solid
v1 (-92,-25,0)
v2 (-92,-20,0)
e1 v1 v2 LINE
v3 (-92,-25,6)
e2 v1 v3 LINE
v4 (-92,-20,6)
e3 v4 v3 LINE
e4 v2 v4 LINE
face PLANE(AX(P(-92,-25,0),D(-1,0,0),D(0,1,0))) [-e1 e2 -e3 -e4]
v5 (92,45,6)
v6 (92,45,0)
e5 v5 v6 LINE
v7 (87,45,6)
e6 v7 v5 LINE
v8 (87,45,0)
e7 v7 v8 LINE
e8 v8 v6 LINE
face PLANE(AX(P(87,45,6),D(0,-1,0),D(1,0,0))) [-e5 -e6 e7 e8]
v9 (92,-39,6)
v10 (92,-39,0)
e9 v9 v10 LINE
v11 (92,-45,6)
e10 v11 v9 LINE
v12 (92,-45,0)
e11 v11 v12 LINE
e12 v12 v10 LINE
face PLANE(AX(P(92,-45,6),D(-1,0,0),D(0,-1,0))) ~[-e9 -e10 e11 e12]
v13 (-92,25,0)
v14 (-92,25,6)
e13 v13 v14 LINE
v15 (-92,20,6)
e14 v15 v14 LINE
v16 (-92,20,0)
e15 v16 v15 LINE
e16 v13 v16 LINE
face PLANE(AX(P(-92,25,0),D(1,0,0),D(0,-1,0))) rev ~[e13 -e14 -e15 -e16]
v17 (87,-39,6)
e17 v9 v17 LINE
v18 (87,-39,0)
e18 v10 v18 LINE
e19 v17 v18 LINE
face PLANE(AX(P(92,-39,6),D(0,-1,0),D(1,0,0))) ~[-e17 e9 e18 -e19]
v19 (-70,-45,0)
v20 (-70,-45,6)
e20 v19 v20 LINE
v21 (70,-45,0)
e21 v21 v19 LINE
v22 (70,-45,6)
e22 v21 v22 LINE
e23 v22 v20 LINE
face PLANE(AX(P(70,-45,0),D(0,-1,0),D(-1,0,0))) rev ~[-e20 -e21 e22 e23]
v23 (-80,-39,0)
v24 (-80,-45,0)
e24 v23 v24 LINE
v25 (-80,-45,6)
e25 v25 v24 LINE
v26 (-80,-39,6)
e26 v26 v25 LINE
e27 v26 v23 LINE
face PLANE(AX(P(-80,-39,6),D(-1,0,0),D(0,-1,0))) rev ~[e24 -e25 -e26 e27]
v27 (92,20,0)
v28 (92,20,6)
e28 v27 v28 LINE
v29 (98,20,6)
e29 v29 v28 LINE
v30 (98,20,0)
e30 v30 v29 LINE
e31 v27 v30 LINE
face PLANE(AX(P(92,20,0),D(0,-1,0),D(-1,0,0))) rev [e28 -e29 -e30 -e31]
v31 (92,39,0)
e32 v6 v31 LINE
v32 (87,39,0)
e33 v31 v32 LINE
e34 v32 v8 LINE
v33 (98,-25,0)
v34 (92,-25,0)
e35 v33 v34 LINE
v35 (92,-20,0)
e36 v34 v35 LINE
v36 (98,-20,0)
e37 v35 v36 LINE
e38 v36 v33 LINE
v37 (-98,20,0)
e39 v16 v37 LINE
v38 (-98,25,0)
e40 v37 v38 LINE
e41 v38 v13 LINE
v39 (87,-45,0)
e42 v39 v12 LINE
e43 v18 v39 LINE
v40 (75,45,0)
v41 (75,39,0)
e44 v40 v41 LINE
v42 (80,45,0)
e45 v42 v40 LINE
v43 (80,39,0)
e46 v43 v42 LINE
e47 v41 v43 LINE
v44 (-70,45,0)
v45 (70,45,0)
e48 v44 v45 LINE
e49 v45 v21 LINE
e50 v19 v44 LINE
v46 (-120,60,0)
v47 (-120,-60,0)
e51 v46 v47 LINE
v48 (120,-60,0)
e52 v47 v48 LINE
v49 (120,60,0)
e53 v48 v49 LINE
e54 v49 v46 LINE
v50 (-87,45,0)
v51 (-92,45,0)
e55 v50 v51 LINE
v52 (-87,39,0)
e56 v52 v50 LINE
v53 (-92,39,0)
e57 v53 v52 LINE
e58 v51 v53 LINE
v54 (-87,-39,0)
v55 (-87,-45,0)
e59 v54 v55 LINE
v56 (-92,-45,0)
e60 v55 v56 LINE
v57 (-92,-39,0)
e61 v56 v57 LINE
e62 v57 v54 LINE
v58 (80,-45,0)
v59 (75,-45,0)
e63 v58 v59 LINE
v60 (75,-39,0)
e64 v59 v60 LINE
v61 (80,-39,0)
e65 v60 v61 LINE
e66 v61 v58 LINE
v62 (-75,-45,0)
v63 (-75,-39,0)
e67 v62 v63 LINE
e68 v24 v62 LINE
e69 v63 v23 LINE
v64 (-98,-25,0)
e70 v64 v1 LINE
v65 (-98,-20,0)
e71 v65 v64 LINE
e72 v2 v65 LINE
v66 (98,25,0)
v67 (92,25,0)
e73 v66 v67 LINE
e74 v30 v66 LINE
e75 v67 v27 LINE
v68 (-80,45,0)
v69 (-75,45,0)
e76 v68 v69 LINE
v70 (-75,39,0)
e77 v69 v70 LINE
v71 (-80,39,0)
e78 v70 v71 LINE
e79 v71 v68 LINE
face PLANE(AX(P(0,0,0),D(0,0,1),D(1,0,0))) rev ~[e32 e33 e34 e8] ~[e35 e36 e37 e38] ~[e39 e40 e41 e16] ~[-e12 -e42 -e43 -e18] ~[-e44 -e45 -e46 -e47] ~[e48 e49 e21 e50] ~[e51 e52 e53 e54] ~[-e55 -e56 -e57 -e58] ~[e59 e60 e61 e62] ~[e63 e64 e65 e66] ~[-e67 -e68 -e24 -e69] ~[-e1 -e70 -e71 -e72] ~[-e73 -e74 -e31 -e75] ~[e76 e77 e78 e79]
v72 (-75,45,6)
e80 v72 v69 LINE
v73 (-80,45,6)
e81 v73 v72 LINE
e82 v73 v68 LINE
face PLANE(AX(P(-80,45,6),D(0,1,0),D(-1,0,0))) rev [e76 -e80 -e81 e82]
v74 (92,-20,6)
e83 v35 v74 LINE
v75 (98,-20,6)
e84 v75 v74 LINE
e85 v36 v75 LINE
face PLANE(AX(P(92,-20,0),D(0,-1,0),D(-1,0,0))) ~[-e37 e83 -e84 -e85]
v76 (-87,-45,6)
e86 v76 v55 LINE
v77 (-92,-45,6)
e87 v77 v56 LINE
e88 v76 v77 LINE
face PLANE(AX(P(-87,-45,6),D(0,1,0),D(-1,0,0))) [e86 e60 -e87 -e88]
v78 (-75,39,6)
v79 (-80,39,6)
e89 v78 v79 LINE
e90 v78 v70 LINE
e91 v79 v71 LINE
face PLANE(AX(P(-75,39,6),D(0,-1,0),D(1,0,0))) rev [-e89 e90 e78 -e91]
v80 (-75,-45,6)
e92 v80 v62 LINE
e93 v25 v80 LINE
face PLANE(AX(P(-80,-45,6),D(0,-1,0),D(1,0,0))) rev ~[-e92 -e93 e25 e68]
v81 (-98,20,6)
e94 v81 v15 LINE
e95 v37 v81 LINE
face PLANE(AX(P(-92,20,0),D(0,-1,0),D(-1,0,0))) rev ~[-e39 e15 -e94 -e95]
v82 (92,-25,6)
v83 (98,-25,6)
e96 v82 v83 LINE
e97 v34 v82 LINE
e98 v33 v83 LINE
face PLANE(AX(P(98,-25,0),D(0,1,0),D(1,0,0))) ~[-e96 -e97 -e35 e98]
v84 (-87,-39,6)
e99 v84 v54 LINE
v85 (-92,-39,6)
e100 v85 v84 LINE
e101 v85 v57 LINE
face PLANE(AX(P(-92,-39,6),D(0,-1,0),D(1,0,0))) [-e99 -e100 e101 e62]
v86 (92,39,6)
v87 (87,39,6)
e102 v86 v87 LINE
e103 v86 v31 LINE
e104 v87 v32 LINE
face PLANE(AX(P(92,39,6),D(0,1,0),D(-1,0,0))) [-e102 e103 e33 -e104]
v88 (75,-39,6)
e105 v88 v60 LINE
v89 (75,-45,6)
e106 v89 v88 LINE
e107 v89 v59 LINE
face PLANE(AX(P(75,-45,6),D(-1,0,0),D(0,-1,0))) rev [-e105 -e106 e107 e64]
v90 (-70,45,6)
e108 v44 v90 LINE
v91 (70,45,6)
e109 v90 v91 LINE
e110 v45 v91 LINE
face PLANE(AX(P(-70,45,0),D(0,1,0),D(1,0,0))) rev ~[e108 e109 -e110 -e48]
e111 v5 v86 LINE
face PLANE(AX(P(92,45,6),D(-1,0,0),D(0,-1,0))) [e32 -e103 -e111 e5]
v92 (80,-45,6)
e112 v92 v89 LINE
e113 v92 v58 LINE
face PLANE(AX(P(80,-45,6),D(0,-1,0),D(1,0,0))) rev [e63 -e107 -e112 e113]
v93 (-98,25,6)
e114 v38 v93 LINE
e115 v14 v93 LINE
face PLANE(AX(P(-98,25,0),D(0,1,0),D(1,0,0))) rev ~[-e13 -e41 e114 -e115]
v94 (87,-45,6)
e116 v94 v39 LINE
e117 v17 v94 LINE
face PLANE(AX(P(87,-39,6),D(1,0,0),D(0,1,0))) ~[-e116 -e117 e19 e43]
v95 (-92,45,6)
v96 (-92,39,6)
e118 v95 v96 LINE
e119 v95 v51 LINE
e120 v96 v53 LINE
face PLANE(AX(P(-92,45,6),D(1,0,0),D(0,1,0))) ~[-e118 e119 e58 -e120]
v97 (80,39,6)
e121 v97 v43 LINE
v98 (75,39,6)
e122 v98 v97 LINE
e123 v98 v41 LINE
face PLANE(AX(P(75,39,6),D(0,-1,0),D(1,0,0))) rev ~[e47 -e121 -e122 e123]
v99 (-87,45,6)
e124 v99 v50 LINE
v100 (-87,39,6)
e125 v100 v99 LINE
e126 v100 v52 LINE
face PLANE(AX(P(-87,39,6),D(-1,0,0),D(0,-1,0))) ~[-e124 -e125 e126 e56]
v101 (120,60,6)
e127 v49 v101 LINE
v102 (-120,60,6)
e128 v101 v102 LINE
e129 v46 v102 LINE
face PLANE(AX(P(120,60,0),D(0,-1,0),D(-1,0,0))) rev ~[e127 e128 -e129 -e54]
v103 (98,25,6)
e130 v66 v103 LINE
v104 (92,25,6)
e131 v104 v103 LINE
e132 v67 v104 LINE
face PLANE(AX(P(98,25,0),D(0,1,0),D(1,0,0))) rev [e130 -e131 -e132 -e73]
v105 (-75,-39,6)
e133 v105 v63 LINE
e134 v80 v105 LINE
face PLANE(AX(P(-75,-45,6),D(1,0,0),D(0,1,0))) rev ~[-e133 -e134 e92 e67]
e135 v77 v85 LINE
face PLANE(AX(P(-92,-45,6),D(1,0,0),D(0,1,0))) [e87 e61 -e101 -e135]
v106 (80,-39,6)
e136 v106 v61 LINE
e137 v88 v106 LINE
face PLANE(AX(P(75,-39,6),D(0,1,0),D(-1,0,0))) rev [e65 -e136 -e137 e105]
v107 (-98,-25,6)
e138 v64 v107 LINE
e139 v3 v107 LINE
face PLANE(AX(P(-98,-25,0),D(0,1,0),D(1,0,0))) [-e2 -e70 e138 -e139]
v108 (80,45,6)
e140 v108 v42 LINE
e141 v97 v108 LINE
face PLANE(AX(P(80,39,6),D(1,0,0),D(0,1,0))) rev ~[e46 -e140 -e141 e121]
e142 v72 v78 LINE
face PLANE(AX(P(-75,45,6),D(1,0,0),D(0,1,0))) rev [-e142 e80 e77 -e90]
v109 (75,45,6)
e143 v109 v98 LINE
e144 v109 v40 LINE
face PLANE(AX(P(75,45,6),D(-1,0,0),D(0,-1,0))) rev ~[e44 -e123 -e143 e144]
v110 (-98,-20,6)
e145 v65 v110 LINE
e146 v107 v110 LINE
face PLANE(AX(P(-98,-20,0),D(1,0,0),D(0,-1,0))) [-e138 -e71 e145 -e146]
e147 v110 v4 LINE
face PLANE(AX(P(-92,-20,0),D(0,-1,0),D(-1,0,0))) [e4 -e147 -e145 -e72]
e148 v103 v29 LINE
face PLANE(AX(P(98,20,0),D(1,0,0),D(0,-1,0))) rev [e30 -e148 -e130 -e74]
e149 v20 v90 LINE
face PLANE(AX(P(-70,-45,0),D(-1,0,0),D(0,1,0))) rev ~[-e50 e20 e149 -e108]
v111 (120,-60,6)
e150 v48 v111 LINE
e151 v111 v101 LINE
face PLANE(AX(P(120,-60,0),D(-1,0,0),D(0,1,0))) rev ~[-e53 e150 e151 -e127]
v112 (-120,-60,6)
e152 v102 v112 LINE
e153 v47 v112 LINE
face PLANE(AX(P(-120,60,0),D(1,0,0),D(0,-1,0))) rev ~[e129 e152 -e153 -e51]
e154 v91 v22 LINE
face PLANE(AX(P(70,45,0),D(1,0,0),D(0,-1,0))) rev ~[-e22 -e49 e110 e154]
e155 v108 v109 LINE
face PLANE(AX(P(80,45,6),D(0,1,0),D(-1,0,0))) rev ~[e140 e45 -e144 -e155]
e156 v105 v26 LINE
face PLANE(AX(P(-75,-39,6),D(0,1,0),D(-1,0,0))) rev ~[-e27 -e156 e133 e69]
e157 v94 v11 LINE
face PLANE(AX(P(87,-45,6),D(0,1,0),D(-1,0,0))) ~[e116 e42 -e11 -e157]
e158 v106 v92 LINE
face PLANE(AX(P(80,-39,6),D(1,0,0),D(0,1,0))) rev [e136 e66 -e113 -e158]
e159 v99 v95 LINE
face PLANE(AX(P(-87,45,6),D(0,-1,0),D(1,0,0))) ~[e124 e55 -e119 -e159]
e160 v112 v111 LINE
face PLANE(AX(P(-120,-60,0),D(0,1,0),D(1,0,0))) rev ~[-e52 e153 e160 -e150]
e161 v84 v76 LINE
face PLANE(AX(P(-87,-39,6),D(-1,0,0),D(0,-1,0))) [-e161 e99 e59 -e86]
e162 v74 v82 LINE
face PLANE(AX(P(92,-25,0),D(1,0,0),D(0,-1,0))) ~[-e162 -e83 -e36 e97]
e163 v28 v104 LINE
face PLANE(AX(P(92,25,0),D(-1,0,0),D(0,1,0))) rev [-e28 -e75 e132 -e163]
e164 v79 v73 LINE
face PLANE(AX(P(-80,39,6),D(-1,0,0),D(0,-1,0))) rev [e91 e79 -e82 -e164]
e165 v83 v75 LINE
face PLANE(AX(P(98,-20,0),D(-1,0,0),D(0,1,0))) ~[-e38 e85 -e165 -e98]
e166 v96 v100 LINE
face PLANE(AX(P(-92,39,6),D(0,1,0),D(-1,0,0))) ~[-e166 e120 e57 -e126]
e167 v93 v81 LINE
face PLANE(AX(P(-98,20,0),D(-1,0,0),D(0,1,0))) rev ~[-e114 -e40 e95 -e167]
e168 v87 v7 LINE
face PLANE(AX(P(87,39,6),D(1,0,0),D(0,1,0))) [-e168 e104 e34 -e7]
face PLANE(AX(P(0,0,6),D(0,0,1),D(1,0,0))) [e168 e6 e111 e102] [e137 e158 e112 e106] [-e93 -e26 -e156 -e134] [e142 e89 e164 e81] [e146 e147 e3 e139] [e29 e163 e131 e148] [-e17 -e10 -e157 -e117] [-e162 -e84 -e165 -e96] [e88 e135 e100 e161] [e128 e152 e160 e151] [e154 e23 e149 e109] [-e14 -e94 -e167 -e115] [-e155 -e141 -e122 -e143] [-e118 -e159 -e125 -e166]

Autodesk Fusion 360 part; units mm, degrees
sketch "Sketch1" plane through (0, 0, 0) normal (0, 0, 1) x (1, 0, 0) in component "Base"
  line L0 (120, 60) -> (-120, 60)
  line L1 (-120, 60) -> (-120, -60)
  line L2 (-120, -60) -> (120, -60)
  line L3 (120, -60) -> (120, 60)
  line L4 (120, 60) -> (-120, -60) construction
  line L5 (-120, 60) -> (120, -60) construction
  line L6 (-70, 45) -> (70, 45)
  line L7 (70, 45) -> (70, -45)
  line L8 (70, -45) -> (-70, -45)
  line L9 (-70, -45) -> (-70, 45)
  line L10 (-70, 45) -> (70, -45) construction
  line L11 (70, 45) -> (-70, -45) construction
  dimension "d1" = 240
  dimension "d2" = 120
  dimension "d3" = 90
  dimension "d6" = 140
extrude "Extrude1" add sketch "Sketch1" along normal blind 6 in component "Base"
sketch "Sketch2" plane through (0, 0, 6) normal (0, 0, 1) x (-1, 0, 0) in component "Base"
  line L0 (-70, 45) -> (70, 45)
  line L1 (70, 45) -> (70, -45)
  line L2 (70, -45) -> (-70, -45)
  line L3 (-70, -45) -> (-70, 45)
  line L4 (-120, 60) -> (-120, -60)
  line L5 (-120, -60) -> (120, -60)
  line L6 (120, -60) -> (120, 60)
  line L7 (120, 60) -> (-120, 60)
  line L8 (70, 45) -> (92, 45) construction
  line L9 (92, 45) -> (92, 39) construction
  line L10 (92, 39) -> (70, 39) construction
  line L11 (70, 39) -> (70, 45) construction
  line L12 (92, 39) -> (87, 39)
  line L13 (87, 39) -> (87, 45)
  line L14 (87, 45) -> (92, 45)
  line L15 (92, 45) -> (92, 39)
  line L16 (70, 39) -> (75, 39) construction
  line L17 (75, 45) -> (75, 39) construction
  line L18 (75, 39) -> (80, 39)
  line L19 (80, 39) -> (80, 45)
  line L20 (80, 45) -> (75, 45)
  line L21 (75, 45) -> (75, 39)
  dimension "d15" = 6
extrude "Extrude2" cut sketch "Sketch2" against normal blind 6 contours L12 L13 L14 L15 | L18 L19 L20 L21 in component "Base"
ref_plane "WorkPlane1" through (0, 0, 0) normal (1, 0, 0) x (0, 1, 0) in component "Base"
mirror "Mirror1" about plane through (0, 0, 0) normal (1, 0, 0) of "Extrude2" in component "Base"
ref_plane "WorkPlane2" through (0, 0, 0) normal (0, 1, 0) x (0, 0, 1) in component "Base"
mirror "Mirror2" about plane through (0, 0, 0) normal (0, 1, 0) of "Extrude2", "Mirror1" in component "Base"
sketch "Sketch3" plane through (0, 0, 0) normal (0, 0, -1) x (1, 0, 0) in component "Base"
  line L0 (87, -45) -> (87, -39)
  line L1 (87, -39) -> (92, -39)
  line L2 (92, -39) -> (92, -45)
  line L3 (92, -45) -> (87, -45)
  line L4 (75, -39) -> (80, -39)
  line L5 (80, -39) -> (80, -45)
  line L6 (80, -45) -> (75, -45)
  line L7 (75, -45) -> (75, -39)
  line L8 (-87, -39) -> (-87, -45)
  line L9 (-87, -45) -> (-92, -45)
  line L10 (-92, -45) -> (-92, -39)
  line L11 (-92, -39) -> (-87, -39)
  line L12 (-80, -39) -> (-75, -39)
  line L13 (-75, -39) -> (-75, -45)
  line L14 (-75, -45) -> (-80, -45)
  line L15 (-80, -45) -> (-80, -39)
  line L16 (87, 39) -> (87, 45)
  line L17 (87, 45) -> (92, 45)
  line L18 (92, 45) -> (92, 39)
  line L19 (92, 39) -> (87, 39)
  line L20 (80, 39) -> (75, 39)
  line L21 (75, 39) -> (75, 45)
  line L22 (75, 45) -> (80, 45)
  line L23 (80, 45) -> (80, 39)
  line L24 (-87, 45) -> (-87, 39)
  line L25 (-87, 39) -> (-92, 39)
  line L26 (-92, 39) -> (-92, 45)
  line L27 (-92, 45) -> (-87, 45)
  line L28 (-75, 39) -> (-80, 39)
  line L29 (-80, 39) -> (-80, 45)
  line L30 (-80, 45) -> (-75, 45)
  line L31 (-75, 45) -> (-75, 39)
  line L32 (-70, 45) -> (70, 45)
  line L33 (70, 45) -> (70, -45)
  line L34 (70, -45) -> (-70, -45)
  line L35 (-70, -45) -> (-70, 45)
  line L36 (120, -60) -> (120, 60)
  line L37 (120, 60) -> (-120, 60)
  line L38 (-120, 60) -> (-120, -60)
  line L39 (-120, -60) -> (120, -60)
  line L40 (-120, 0) -> (-70, 0) construction
  line L41 (-87, -39) -> (-87, 39) construction
  line L42 (-87, 0) -> (-87, -20) construction
  line L43 (-87, 0) -> (-87, -20) construction
  line L44 (-87, 0) -> (-93, 0) construction
  line L45 (-87, 0) -> (-92, 0) construction
  line L46 (-92, 0) -> (-92, -20) construction
  line L47 (-92, -20) -> (-87, -20) construction
  line L48 (-87, -20) -> (-87, 0) construction
  line L49 (-87, 0) -> (-91.9449, 0) construction
  line L50 (-91.9449, 20) -> (-87, 20) construction
  line L51 (-87, 20) -> (-87, 0) construction
  line L52 (-87, 0) -> (-92, 0) construction
  line L53 (-92, 0) -> (-92, 20) construction
  line L54 (-92, 20) -> (-87, 20) construction
  line L55 (-87, 20) -> (-87, 0) construction
  line L56 (-92, -20) -> (-98, -20)
  line L57 (-98, -20) -> (-98, -25)
  line L58 (-98, -25) -> (-92, -25)
  line L59 (-92, -25) -> (-92, -20)
  line L60 (-92, 20) -> (-98, 20)
  line L61 (-98, 20) -> (-98, 25)
  line L62 (-98, 25) -> (-92, 25)
  line L63 (-92, 25) -> (-92, 20)
  dimension "d16" = 5
  dimension "d17" = 20
  dimension "d18" = 20
extrude "Extrude3" cut sketch "Sketch3" against normal blind 11 contours L56 L57 L58 L59 | L60 L61 L62 L63 in component "Base"
mirror "Mirror3" about plane through (0, 0, 0) normal (1, 0, 0) of "Extrude3" in component "Base"
component "Base" placed x (1, 0, 0) y (0, 1, 0) z (0, 0, 1) at (0, 0, 0)
